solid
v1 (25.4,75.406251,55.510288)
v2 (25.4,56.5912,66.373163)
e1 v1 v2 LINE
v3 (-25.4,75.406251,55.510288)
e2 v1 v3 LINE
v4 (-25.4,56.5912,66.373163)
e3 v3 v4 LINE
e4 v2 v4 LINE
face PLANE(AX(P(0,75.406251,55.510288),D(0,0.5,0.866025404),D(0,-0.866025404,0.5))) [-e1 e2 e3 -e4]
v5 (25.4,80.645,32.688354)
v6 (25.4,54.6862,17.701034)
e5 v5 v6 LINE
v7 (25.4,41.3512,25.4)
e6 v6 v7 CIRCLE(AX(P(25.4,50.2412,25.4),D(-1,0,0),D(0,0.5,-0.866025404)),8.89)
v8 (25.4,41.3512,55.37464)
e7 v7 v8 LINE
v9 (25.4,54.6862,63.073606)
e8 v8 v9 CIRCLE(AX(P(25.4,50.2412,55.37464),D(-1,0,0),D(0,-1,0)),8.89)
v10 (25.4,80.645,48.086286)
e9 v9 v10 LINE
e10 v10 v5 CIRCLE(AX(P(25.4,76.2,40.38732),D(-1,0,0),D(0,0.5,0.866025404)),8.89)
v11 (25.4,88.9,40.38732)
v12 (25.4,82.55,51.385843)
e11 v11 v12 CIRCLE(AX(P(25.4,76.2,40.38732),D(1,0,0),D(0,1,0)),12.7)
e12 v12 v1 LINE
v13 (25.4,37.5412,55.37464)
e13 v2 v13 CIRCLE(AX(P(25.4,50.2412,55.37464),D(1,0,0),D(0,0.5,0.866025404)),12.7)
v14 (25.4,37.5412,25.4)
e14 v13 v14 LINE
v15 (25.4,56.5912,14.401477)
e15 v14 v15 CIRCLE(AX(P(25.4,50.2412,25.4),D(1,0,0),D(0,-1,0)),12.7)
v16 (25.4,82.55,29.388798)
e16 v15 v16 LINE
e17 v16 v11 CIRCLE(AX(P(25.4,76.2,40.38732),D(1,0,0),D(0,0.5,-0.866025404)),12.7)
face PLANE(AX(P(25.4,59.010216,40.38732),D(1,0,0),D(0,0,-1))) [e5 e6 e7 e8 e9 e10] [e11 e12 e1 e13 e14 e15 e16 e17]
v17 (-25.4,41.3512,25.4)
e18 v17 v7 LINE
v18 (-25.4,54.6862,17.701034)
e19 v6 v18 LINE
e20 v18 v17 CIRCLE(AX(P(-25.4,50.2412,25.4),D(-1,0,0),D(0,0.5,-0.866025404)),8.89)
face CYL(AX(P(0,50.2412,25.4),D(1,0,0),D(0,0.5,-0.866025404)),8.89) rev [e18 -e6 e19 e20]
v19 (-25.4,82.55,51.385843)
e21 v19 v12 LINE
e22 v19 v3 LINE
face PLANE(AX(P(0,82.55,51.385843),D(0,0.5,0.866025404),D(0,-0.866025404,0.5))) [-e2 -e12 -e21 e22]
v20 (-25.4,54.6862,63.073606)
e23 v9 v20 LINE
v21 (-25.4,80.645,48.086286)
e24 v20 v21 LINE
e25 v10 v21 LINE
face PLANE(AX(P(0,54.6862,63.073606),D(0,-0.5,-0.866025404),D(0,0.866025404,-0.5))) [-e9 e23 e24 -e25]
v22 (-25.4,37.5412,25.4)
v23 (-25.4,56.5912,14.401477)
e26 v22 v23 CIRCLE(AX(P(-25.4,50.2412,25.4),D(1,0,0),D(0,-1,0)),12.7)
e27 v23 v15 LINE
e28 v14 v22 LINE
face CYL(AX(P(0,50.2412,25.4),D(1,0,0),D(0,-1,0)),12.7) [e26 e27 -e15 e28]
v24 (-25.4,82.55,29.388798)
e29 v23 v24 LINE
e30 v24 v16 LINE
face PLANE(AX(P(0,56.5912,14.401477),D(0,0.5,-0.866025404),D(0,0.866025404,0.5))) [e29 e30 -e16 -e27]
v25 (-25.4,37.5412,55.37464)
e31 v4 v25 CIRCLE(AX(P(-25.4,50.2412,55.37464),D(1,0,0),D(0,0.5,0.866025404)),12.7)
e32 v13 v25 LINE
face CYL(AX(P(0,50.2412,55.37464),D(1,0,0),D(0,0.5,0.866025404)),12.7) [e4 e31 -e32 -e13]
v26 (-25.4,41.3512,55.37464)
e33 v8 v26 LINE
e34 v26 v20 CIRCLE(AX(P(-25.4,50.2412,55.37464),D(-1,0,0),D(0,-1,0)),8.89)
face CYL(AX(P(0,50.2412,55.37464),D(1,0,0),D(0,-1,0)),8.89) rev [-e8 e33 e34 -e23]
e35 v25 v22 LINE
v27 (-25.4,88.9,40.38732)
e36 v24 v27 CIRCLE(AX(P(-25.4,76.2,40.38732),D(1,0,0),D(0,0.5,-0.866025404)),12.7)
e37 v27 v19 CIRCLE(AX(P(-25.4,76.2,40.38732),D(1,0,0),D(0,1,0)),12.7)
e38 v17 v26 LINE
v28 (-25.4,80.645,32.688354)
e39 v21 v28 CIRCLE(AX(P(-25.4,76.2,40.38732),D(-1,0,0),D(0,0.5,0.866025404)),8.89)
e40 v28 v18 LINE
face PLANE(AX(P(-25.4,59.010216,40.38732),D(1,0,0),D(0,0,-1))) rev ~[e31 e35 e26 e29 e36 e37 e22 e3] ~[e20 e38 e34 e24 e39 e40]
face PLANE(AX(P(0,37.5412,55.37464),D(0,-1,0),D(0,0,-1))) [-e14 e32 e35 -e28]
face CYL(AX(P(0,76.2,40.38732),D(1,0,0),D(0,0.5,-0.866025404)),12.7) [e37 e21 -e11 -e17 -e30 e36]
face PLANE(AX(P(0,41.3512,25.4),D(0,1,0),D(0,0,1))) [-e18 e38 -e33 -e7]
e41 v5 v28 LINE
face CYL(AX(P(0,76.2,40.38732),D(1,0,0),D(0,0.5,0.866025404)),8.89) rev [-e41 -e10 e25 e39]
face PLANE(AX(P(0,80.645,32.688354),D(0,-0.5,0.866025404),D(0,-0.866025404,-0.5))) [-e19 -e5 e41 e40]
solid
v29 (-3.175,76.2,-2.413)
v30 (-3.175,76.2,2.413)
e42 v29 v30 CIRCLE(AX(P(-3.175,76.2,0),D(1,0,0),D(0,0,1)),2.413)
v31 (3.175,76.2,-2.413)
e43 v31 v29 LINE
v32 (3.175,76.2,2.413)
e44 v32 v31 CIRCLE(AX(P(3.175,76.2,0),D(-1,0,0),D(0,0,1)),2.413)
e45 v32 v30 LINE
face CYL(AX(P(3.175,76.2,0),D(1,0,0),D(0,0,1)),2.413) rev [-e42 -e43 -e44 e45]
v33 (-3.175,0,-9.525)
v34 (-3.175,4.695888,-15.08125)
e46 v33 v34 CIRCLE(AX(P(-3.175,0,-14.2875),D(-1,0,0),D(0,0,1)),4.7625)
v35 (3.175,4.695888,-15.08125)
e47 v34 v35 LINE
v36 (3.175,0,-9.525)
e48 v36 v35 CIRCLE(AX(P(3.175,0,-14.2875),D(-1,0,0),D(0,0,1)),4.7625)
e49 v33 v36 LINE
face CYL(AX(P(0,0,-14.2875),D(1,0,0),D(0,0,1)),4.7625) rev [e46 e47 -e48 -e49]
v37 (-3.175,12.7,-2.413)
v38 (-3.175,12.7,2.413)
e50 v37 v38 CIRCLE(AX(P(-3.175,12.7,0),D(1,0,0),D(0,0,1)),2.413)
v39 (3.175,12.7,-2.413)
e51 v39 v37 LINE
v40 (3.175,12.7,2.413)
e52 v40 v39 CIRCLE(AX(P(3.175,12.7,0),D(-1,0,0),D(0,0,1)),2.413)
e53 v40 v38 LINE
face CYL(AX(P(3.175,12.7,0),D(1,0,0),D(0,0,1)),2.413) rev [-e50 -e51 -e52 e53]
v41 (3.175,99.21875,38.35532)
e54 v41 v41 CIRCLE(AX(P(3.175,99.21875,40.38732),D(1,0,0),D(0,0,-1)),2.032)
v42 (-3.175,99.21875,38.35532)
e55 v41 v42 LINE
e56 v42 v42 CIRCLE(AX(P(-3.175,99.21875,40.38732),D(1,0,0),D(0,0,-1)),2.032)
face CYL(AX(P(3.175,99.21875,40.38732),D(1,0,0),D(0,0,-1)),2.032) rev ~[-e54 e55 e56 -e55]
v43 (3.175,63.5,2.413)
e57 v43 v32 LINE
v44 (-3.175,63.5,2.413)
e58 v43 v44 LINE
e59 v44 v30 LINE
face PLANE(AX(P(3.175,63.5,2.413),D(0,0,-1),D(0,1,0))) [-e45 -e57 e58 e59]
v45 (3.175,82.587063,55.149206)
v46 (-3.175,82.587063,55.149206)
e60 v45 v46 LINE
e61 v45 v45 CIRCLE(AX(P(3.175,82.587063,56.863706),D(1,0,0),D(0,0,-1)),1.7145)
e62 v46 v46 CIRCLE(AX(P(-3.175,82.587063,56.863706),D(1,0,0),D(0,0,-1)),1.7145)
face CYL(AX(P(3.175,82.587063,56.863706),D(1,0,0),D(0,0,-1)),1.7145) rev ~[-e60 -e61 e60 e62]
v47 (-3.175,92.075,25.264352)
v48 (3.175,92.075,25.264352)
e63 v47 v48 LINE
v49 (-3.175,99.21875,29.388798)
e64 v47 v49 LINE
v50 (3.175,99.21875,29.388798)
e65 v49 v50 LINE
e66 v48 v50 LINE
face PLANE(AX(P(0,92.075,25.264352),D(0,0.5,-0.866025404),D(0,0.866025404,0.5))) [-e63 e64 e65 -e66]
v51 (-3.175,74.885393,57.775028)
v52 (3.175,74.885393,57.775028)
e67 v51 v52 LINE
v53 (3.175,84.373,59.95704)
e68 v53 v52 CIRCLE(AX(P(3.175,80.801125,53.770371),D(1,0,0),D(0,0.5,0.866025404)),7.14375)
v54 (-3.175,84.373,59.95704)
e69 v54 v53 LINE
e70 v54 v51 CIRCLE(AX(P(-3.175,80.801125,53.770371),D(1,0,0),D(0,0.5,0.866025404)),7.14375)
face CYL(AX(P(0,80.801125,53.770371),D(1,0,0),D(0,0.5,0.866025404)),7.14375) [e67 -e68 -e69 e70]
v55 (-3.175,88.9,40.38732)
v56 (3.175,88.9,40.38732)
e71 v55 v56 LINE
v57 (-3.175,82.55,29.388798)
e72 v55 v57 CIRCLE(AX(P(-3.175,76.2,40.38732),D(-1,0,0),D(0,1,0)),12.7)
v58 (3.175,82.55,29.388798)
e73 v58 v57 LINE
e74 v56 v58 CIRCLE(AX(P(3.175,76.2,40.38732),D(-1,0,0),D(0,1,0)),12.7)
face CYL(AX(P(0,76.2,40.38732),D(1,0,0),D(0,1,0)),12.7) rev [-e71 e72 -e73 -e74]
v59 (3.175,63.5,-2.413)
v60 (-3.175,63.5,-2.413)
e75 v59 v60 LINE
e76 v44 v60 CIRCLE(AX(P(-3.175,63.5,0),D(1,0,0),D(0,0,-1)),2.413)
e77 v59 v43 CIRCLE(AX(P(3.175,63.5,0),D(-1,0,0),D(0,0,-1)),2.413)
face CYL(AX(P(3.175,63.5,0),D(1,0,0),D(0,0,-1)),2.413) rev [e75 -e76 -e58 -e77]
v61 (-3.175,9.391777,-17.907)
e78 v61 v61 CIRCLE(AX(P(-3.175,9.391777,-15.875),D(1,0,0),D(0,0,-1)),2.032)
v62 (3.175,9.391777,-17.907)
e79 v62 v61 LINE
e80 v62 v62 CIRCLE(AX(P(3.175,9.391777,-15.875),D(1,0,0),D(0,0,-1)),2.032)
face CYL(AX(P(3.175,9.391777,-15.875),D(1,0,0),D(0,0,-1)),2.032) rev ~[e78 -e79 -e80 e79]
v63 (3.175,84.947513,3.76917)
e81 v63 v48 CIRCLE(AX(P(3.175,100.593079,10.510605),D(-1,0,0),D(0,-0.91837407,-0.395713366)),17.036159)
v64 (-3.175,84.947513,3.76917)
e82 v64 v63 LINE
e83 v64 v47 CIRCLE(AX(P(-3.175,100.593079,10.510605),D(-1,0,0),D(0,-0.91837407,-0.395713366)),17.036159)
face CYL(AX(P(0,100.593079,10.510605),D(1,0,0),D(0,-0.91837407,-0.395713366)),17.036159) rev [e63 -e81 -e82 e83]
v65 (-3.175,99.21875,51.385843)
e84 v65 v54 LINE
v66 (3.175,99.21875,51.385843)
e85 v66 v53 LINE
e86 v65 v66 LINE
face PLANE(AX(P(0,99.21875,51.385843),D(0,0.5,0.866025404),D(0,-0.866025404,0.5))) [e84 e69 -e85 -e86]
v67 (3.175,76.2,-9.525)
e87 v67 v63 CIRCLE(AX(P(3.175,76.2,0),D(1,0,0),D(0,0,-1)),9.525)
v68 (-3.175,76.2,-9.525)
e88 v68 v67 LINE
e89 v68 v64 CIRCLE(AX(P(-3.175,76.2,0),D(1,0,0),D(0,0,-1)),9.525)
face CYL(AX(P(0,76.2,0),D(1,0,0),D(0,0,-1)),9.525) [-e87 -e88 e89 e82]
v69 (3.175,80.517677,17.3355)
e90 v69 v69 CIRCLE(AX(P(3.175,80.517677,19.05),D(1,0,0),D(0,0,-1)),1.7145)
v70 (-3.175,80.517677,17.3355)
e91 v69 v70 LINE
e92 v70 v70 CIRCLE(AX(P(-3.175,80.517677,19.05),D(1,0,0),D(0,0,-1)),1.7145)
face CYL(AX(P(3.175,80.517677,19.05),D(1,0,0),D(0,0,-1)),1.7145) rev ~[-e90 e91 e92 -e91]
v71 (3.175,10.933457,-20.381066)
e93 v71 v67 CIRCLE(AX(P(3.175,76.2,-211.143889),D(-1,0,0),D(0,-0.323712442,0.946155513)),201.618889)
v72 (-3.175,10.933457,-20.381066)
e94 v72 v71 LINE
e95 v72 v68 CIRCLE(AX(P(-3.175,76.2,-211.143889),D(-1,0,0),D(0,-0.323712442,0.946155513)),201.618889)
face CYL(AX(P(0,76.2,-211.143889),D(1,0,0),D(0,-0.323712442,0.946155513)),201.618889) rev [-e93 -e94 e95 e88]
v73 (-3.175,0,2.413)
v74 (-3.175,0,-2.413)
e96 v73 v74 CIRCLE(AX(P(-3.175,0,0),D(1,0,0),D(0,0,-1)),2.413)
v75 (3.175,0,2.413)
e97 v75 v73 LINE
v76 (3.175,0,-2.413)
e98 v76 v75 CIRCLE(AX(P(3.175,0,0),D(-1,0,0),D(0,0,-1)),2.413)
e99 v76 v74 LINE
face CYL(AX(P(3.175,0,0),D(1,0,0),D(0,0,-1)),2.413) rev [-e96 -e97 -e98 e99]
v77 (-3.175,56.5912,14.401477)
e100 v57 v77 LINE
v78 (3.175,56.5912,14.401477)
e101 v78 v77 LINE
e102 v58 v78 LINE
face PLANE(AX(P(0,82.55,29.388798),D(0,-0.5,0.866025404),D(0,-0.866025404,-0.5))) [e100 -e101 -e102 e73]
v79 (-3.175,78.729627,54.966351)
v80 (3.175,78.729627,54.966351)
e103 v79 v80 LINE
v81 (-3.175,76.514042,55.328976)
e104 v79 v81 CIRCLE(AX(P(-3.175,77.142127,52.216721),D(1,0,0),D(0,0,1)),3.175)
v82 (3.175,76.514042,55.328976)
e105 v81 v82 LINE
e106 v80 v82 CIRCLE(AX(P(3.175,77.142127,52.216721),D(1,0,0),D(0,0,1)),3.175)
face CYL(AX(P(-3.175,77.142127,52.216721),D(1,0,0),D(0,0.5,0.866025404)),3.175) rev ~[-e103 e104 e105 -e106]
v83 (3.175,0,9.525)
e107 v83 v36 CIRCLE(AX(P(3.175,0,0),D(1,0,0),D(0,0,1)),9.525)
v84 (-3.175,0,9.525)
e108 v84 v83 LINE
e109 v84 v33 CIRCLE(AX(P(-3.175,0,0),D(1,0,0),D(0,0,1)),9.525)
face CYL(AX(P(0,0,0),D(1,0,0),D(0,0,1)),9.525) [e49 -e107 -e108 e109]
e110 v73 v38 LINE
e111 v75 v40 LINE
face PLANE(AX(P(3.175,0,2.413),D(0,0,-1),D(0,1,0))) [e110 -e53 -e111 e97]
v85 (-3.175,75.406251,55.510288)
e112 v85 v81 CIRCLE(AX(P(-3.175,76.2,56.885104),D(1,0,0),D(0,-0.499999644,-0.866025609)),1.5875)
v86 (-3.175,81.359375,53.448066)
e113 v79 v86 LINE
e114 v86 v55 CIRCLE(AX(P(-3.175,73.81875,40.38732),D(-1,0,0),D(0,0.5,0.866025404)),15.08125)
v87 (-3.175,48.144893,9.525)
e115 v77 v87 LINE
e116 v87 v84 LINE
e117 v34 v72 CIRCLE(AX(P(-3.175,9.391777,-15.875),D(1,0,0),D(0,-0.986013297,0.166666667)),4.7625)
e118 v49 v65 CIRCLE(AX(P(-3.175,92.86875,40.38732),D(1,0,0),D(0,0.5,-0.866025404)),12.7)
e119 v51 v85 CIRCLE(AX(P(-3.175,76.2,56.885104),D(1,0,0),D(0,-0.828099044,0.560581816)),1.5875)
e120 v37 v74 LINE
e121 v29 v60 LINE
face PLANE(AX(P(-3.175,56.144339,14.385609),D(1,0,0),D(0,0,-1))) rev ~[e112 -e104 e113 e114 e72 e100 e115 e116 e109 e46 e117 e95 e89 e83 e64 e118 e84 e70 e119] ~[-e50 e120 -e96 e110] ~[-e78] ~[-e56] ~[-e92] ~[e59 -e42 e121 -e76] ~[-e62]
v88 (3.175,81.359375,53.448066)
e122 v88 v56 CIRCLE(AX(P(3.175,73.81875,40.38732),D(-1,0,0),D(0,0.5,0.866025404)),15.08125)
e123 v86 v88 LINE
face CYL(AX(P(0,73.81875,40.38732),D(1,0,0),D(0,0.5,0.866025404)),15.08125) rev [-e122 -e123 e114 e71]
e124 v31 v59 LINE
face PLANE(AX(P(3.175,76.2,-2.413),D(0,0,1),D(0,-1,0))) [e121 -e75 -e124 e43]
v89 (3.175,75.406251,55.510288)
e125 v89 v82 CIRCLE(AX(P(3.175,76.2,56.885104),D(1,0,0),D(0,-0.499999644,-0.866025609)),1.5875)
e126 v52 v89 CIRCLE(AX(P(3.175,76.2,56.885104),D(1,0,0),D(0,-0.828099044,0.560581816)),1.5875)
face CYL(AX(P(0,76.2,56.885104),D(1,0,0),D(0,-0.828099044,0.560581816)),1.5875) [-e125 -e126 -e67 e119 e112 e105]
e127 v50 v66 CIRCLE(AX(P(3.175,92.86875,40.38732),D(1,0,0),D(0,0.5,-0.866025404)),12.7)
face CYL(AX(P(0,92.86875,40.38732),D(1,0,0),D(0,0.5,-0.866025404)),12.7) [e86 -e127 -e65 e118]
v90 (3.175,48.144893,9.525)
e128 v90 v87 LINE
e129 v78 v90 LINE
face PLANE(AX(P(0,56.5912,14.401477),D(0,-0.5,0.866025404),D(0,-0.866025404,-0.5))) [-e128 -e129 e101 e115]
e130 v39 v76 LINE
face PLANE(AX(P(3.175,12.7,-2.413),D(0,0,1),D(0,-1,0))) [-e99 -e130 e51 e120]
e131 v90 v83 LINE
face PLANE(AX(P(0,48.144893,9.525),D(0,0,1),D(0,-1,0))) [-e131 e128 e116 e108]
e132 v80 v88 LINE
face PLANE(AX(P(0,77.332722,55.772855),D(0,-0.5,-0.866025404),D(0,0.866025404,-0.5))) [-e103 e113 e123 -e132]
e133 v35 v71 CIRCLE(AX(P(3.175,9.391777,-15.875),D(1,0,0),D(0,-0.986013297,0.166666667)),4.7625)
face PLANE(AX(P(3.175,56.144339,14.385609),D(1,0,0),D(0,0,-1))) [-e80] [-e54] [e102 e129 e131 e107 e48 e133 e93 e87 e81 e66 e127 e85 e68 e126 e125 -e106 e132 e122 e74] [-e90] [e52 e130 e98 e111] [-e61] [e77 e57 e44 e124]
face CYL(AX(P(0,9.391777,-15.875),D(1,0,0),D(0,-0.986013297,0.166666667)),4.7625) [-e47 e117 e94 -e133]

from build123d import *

# Parameters (mm, degrees)
BOSS_EXTRUDE1_DEPTH = 3.175
BOSS_EXTRUDE2_DEPTH = 25.4
SKETCH2_R           = 2.032
CUT_EXTRUDE1_DEPTH  = 129.823321873
FILLET1_R           = 3.175
SKETCH3_R           = 2.032
SKETCH3_R_2         = 1.7145
CUT_EXTRUDE2_DEPTH  = 129.823321873


with BuildPart() as part:
    # Sketch1 → Boss-Extrude1 (new, symmetric)
    with BuildSketch(Plane(origin=(0, 0, 0), x_dir=(0, 0, -1), z_dir=(1, 0, 0))):
        with BuildLine():
            Line((-9.525, 48.14489343), (-9.525, 0))
            ThreePointArc((-9.525, 0), (0, -9.525), (9.525, 0))
            ThreePointArc((9.525, 0), (11.213319469, 3.637419458), (15.08125, 4.695888328))
            ThreePointArc((15.08125, 4.695888328), (19.504344028, 6.308066524), (20.381065631, 10.933457162))
            ThreePointArc((20.381065631, 10.933457162), (12.25753337, 43.11837453), (9.525, 76.2))
            ThreePointArc((9.525, 76.2), (5.235660538, 84.156977047), (-3.769169813, 84.947513014))
            ThreePointArc((-3.769169813, 84.947513014), (-15.872465899, 84.422700464), (-25.264351554, 92.075))
            Line((-25.264351554, 92.075), (-29.38879754, 99.21875))
            ThreePointArc((-29.38879754, 99.21875), (-40.387320168, 105.56875), (-51.385842796, 99.21875))
            Line((-51.385842796, 99.21875), (-59.957040372, 84.373000316))
            ThreePointArc((-59.957040372, 84.373000316), (-60.732371985, 79.199965789), (-57.775027743, 74.885392767))
            ThreePointArc((-57.775027743, 74.885392767), (-56.529290563, 74.652888831), (-55.510288455, 75.406250566))
            ThreePointArc((-55.510288455, 75.406250566), (-55.312146583, 76.414384862), (-55.772855145, 77.332721718))
            Line((-55.772855145, 77.332721718), (-53.448065789, 81.359375))
            ThreePointArc((-53.448065789, 81.359375), (-47.927945168, 86.879495621), (-40.387320168, 88.9))
            ThreePointArc((-40.387320168, 88.9), (-34.037320168, 87.198522628), (-29.38879754, 82.55))
            Line((-29.38879754, 82.55), (-14.401477372, 56.5912))
            Line((-14.401477372, 56.5912), (-9.525, 48.14489343))
        make_face()
    extrude(amount=BOSS_EXTRUDE1_DEPTH, both=True)

    # Sketch2 → Cut-Extrude1 (cut, through all)
    with BuildSketch(Plane(origin=(3.175, 0, 0), x_dir=(0, 0, -1), z_dir=(1, 0, 0))):
        with Locations((15.875, 9.391776656)):
            Circle(SKETCH2_R)
        with BuildLine():
            Line((-2.413, 0), (-2.413, 12.7))
            ThreePointArc((-2.413, 12.7), (0, 15.113), (2.413, 12.7))
            Line((2.413, 12.7), (2.413, 0))
            ThreePointArc((2.413, 0), (0, -2.413), (-2.413, 0))
        make_face()
        with BuildLine():
            Line((2.413, 76.2), (2.413, 63.5))
            ThreePointArc((2.413, 63.5), (0, 61.087), (-2.413, 63.5))
            Line((-2.413, 63.5), (-2.413, 76.2))
            ThreePointArc((-2.413, 76.2), (0, 78.613), (2.413, 76.2))
        make_face()
    extrude(amount=-CUT_EXTRUDE1_DEPTH, mode=Mode.SUBTRACT)

    # Fillet1
    fillet1_edges = [part.edges().sort_by_distance(p)[0] for p in [
        (0, 77.332721718, 55.772855145),
    ]]
    fillet(fillet1_edges, radius=FILLET1_R)

    # Sketch3 → Cut-Extrude2 (cut, through all)
    with BuildSketch(Plane(origin=(3.175, 0, 0), x_dir=(0, 0, -1), z_dir=(1, 0, 0))):
        with Locations((-40.387320168, 99.21875)):
            Circle(SKETCH3_R)
        with Locations((-19.05, 80.517677372)):
            Circle(SKETCH3_R_2)
        with Locations((-56.863705883, 82.587062816)):
            Circle(SKETCH3_R_2)
    extrude(amount=-CUT_EXTRUDE2_DEPTH, mode=Mode.SUBTRACT)


with BuildPart() as body_2:
    # Sketch1<3> → Boss-Extrude2 (new, symmetric)
    with BuildSketch(Plane(origin=(0, 0, 0), x_dir=(0, 0, -1), z_dir=(1, 0, 0))):
        with BuildLine():
            ThreePointArc((-25.4, 37.5412), (-14.401477372, 43.8912), (-14.401477372, 56.5912))
            Line((-14.401477372, 56.5912), (-29.38879754, 82.55))
            ThreePointArc((-29.38879754, 82.55), (-34.037320168, 87.198522628), (-40.387320168, 88.9))
            ThreePointArc((-40.387320168, 88.9), (-46.737320168, 87.198522628), (-51.385842796, 82.55))
            Line((-51.385842796, 82.55), (-55.510288455, 75.406250566))
            Line((-55.510288455, 75.406250566), (-66.373162964, 56.5912))
            ThreePointArc((-66.373162964, 56.5912), (-66.373162964, 43.8912), (-55.374640336, 37.5412))
            Line((-55.374640336, 37.5412), (-25.4, 37.5412))
        make_face()
        with BuildLine():
            Line((-25.4, 41.3512), (-55.374640336, 41.3512))
            ThreePointArc((-55.374640336, 41.3512), (-63.073606175, 45.7962), (-63.073606175, 54.6862))
            Line((-63.073606175, 54.6862), (-48.086286007, 80.645))
            ThreePointArc((-48.086286007, 80.645), (-40.387320168, 85.09), (-32.688354328, 80.645))
            Line((-32.688354328, 80.645), (-17.70103416, 54.6862))
            ThreePointArc((-17.70103416, 54.6862), (-17.70103416, 45.7962), (-25.4, 41.3512))
        make_face(mode=Mode.SUBTRACT)
    extrude(amount=BOSS_EXTRUDE2_DEPTH, both=True)


solid = Compound([part.part, body_2.part])
